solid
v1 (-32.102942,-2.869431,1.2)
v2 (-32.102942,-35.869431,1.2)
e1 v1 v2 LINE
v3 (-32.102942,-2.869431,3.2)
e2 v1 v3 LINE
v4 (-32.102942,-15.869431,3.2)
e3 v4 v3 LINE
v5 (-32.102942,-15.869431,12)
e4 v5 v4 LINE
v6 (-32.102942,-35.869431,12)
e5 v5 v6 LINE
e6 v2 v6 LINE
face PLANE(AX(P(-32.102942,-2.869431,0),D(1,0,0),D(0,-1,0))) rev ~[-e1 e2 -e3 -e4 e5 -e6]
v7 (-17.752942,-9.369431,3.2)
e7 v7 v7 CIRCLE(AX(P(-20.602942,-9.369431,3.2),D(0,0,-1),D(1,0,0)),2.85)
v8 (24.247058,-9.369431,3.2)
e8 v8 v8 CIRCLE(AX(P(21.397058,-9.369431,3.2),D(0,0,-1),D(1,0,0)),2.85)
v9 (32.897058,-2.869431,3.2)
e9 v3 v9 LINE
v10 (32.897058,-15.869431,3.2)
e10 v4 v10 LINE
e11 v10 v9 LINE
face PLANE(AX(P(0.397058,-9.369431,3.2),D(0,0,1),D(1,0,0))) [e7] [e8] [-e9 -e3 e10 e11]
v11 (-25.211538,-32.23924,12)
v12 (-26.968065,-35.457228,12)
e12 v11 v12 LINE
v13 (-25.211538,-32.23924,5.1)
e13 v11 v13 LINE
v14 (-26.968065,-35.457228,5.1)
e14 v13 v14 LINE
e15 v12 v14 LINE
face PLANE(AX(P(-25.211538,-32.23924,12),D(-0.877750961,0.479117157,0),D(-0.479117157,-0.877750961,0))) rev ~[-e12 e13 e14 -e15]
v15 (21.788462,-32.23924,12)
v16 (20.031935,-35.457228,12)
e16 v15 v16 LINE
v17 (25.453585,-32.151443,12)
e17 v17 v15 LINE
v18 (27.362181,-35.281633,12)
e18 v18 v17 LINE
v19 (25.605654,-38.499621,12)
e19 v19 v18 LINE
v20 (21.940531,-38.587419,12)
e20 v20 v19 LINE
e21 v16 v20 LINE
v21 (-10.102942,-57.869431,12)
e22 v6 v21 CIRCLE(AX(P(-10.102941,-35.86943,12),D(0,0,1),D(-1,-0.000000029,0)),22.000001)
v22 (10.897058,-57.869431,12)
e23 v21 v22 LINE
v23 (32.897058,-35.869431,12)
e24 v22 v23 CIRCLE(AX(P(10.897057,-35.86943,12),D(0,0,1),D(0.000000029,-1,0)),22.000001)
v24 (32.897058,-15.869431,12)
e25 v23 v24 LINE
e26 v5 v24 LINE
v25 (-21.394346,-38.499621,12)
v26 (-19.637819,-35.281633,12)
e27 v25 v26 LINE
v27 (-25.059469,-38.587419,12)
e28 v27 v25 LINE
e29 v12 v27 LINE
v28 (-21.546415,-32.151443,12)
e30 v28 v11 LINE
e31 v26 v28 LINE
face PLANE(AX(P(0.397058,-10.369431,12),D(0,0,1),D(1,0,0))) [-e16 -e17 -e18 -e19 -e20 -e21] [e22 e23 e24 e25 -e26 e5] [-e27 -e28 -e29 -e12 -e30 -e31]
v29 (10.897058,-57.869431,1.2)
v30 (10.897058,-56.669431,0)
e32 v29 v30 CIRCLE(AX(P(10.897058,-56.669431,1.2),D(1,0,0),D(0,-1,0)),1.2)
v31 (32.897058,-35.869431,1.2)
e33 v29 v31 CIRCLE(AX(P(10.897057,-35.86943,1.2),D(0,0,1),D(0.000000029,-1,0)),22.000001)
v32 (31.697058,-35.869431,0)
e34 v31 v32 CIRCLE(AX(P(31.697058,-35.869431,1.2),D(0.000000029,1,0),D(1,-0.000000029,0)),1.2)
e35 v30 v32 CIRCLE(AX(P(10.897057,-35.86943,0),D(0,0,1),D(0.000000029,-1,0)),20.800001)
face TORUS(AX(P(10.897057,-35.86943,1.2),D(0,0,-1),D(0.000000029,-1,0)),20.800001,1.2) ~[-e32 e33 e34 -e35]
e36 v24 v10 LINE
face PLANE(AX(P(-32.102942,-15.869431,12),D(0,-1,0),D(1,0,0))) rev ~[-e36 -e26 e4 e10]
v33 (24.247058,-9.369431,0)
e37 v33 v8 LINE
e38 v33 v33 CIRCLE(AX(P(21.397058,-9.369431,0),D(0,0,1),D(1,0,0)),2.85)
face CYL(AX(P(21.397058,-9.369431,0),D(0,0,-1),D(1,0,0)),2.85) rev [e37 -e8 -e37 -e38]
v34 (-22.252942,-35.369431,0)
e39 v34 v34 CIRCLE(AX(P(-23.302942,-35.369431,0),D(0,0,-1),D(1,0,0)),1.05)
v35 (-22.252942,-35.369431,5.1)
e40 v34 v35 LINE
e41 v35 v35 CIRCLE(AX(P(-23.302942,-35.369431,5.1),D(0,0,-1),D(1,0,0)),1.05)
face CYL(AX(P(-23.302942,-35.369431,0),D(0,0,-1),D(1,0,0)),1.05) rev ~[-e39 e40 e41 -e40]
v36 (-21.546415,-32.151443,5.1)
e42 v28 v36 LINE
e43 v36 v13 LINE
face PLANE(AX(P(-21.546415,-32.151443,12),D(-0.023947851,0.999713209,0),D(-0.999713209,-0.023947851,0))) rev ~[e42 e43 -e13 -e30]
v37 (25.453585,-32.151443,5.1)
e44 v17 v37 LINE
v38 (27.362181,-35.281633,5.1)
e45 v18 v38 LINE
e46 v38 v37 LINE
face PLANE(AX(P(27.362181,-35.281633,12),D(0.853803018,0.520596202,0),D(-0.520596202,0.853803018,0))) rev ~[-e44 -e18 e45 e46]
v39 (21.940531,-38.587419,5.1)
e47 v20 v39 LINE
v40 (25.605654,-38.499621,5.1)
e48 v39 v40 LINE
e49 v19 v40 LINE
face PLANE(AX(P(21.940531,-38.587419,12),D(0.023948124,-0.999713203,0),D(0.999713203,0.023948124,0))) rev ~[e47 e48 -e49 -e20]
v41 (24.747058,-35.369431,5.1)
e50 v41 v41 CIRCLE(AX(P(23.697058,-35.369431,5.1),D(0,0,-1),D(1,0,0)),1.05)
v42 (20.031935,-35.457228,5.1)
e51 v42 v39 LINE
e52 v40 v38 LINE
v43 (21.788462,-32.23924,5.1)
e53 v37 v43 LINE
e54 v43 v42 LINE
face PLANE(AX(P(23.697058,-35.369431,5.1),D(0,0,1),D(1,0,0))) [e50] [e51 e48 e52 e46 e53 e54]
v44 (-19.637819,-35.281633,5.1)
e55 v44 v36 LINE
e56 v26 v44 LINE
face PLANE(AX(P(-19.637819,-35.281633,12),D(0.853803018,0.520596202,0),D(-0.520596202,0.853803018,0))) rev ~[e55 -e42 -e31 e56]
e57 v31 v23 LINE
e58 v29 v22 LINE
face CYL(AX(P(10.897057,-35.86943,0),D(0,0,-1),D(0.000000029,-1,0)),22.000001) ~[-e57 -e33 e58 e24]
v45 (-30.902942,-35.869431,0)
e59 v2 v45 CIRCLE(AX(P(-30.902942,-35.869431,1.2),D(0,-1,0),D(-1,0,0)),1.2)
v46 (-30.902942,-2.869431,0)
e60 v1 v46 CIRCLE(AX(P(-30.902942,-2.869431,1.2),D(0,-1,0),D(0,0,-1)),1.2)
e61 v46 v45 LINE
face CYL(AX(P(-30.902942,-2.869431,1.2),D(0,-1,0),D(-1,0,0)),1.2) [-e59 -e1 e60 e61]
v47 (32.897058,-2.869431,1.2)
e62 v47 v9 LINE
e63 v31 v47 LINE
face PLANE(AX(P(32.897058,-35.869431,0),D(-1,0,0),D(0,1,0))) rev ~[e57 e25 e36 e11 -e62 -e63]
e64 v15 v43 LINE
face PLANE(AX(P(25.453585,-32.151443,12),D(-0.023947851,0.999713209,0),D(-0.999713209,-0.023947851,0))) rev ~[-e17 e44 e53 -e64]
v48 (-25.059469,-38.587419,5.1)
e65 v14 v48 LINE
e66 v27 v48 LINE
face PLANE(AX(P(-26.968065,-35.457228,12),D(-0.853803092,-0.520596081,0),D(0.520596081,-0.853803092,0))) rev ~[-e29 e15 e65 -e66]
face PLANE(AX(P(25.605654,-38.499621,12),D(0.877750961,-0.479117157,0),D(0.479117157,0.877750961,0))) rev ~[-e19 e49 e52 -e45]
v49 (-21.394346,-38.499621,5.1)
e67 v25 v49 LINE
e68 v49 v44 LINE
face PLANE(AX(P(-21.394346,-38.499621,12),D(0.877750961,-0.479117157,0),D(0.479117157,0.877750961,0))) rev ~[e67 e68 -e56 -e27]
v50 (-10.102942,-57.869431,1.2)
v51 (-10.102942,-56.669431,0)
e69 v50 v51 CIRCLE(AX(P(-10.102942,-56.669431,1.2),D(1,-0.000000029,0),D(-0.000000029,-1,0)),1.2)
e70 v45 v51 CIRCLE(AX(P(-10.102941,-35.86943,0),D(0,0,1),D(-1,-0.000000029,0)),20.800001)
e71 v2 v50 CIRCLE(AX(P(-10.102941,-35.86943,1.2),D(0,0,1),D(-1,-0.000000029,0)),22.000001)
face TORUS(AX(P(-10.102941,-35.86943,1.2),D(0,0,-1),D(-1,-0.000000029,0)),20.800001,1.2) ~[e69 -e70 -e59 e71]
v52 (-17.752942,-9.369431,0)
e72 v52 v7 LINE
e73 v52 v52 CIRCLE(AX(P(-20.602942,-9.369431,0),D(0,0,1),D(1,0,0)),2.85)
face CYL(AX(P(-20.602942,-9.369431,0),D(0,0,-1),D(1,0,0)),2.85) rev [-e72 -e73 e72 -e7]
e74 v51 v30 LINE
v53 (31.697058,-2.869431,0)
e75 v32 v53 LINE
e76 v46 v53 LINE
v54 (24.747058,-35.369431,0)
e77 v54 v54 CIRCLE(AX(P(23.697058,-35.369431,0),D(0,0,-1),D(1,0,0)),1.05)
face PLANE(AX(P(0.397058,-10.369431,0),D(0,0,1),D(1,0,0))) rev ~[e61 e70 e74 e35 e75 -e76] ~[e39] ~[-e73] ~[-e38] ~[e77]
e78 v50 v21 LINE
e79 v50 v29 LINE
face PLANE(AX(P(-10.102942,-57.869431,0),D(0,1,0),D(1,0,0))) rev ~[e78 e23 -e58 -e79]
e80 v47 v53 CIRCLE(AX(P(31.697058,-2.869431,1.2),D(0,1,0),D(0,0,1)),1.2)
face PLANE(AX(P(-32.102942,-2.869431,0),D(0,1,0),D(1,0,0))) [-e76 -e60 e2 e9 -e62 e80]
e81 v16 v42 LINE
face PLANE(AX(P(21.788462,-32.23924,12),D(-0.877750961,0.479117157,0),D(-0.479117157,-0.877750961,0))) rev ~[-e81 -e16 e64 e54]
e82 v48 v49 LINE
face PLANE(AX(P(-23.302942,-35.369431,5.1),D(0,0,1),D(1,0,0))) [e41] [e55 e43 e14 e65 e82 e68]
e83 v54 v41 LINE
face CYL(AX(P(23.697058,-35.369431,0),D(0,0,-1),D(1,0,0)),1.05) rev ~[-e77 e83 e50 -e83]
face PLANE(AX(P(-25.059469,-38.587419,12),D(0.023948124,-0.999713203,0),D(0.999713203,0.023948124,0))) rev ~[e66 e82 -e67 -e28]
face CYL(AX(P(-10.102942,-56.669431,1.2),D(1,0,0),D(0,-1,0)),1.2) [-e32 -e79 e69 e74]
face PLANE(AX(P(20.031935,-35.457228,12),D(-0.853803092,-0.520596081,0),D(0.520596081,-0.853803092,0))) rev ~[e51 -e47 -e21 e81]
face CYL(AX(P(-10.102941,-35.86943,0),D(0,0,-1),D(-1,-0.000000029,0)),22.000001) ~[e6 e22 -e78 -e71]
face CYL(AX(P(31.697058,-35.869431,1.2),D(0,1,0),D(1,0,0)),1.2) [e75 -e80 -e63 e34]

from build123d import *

# Parameters (mm, degrees)
F0_W     = 65
F0_H     = 15
F0_R     = 2.85
F1_DEPTH = 12
F2_W     = 65
F2_H     = 13
F3_DEPTH = 8.8
F4_R     = 1.2
F5_R     = 1.05
F6_DEPTH = 15
F8_DEPTH = 6.9


with BuildPart() as f1:
    # F0 (on Top) → F1 (new body)
    with BuildSketch(Plane.XY):
        with Locations((0.397058, -10.369431)):
            Rectangle(F0_W, F0_H)
        with Locations((-20.602942, -9.369431)):
            Circle(F0_R, mode=Mode.SUBTRACT)
        with Locations((21.397058, -9.369431)):
            Circle(F0_R, mode=Mode.SUBTRACT)
        with BuildLine():
            Line((32.897058, -17.869431), (-32.102942, -17.869431))
            Line((-32.102942, -17.869431), (-32.102942, -35.869431))
            ThreePointArc((-32.102942, -35.869431), (-25.659291, -51.42578), (-10.102942, -57.869431))
            Line((-10.102942, -57.869431), (10.897058, -57.869431))
            ThreePointArc((10.897058, -57.869431), (26.453407, -51.42578), (32.897058, -35.869431))
            Line((32.897058, -35.869431), (32.897058, -17.869431))
        make_face()
    extrude(amount=F1_DEPTH)

    # F2 (on face) → F3 (cut)
    with BuildSketch(Plane.XY.offset(12)):
        with Locations((0.397058, -9.369431)):
            Rectangle(F2_W, F2_H)
    extrude(amount=-F3_DEPTH, mode=Mode.SUBTRACT)

    # F4
    f4_edges = [f1.edges().sort_by_distance(p)[0] for p in [
        (-32.102942, -19.369431, 0),
        (0.397058, -57.869431, 0),
        (32.897058, -19.369431, 0),
    ]]
    fillet(f4_edges, radius=F4_R)

    # F5 (on face) → F6 (cut)
    with BuildSketch(Plane(origin=(0, 0, 0), x_dir=(1, 0, 0), z_dir=(0, 0, -1))):
        with Locations((23.697058, 35.369431)):
            Circle(F5_R)
        with Locations((-23.302942, 35.369431)):
            Circle(F5_R)
    extrude(amount=-F6_DEPTH, mode=Mode.SUBTRACT)

    # F7 (on face) → F8 (cut)
    with BuildSketch(Plane.XY.offset(12)):
        Polygon((25.605654, -38.499621), (27.362181, -35.281633), (25.453585, -32.151443), (21.788462, -32.23924), (20.031935, -35.457228), (21.940531, -38.587419), align=None)
        Polygon((-21.394346, -38.499621), (-19.637819, -35.281633), (-21.546415, -32.151443), (-25.211538, -32.23924), (-26.968065, -35.457228), (-25.059469, -38.587419), align=None)
    extrude(amount=-F8_DEPTH, mode=Mode.SUBTRACT)


solid = f1.part
